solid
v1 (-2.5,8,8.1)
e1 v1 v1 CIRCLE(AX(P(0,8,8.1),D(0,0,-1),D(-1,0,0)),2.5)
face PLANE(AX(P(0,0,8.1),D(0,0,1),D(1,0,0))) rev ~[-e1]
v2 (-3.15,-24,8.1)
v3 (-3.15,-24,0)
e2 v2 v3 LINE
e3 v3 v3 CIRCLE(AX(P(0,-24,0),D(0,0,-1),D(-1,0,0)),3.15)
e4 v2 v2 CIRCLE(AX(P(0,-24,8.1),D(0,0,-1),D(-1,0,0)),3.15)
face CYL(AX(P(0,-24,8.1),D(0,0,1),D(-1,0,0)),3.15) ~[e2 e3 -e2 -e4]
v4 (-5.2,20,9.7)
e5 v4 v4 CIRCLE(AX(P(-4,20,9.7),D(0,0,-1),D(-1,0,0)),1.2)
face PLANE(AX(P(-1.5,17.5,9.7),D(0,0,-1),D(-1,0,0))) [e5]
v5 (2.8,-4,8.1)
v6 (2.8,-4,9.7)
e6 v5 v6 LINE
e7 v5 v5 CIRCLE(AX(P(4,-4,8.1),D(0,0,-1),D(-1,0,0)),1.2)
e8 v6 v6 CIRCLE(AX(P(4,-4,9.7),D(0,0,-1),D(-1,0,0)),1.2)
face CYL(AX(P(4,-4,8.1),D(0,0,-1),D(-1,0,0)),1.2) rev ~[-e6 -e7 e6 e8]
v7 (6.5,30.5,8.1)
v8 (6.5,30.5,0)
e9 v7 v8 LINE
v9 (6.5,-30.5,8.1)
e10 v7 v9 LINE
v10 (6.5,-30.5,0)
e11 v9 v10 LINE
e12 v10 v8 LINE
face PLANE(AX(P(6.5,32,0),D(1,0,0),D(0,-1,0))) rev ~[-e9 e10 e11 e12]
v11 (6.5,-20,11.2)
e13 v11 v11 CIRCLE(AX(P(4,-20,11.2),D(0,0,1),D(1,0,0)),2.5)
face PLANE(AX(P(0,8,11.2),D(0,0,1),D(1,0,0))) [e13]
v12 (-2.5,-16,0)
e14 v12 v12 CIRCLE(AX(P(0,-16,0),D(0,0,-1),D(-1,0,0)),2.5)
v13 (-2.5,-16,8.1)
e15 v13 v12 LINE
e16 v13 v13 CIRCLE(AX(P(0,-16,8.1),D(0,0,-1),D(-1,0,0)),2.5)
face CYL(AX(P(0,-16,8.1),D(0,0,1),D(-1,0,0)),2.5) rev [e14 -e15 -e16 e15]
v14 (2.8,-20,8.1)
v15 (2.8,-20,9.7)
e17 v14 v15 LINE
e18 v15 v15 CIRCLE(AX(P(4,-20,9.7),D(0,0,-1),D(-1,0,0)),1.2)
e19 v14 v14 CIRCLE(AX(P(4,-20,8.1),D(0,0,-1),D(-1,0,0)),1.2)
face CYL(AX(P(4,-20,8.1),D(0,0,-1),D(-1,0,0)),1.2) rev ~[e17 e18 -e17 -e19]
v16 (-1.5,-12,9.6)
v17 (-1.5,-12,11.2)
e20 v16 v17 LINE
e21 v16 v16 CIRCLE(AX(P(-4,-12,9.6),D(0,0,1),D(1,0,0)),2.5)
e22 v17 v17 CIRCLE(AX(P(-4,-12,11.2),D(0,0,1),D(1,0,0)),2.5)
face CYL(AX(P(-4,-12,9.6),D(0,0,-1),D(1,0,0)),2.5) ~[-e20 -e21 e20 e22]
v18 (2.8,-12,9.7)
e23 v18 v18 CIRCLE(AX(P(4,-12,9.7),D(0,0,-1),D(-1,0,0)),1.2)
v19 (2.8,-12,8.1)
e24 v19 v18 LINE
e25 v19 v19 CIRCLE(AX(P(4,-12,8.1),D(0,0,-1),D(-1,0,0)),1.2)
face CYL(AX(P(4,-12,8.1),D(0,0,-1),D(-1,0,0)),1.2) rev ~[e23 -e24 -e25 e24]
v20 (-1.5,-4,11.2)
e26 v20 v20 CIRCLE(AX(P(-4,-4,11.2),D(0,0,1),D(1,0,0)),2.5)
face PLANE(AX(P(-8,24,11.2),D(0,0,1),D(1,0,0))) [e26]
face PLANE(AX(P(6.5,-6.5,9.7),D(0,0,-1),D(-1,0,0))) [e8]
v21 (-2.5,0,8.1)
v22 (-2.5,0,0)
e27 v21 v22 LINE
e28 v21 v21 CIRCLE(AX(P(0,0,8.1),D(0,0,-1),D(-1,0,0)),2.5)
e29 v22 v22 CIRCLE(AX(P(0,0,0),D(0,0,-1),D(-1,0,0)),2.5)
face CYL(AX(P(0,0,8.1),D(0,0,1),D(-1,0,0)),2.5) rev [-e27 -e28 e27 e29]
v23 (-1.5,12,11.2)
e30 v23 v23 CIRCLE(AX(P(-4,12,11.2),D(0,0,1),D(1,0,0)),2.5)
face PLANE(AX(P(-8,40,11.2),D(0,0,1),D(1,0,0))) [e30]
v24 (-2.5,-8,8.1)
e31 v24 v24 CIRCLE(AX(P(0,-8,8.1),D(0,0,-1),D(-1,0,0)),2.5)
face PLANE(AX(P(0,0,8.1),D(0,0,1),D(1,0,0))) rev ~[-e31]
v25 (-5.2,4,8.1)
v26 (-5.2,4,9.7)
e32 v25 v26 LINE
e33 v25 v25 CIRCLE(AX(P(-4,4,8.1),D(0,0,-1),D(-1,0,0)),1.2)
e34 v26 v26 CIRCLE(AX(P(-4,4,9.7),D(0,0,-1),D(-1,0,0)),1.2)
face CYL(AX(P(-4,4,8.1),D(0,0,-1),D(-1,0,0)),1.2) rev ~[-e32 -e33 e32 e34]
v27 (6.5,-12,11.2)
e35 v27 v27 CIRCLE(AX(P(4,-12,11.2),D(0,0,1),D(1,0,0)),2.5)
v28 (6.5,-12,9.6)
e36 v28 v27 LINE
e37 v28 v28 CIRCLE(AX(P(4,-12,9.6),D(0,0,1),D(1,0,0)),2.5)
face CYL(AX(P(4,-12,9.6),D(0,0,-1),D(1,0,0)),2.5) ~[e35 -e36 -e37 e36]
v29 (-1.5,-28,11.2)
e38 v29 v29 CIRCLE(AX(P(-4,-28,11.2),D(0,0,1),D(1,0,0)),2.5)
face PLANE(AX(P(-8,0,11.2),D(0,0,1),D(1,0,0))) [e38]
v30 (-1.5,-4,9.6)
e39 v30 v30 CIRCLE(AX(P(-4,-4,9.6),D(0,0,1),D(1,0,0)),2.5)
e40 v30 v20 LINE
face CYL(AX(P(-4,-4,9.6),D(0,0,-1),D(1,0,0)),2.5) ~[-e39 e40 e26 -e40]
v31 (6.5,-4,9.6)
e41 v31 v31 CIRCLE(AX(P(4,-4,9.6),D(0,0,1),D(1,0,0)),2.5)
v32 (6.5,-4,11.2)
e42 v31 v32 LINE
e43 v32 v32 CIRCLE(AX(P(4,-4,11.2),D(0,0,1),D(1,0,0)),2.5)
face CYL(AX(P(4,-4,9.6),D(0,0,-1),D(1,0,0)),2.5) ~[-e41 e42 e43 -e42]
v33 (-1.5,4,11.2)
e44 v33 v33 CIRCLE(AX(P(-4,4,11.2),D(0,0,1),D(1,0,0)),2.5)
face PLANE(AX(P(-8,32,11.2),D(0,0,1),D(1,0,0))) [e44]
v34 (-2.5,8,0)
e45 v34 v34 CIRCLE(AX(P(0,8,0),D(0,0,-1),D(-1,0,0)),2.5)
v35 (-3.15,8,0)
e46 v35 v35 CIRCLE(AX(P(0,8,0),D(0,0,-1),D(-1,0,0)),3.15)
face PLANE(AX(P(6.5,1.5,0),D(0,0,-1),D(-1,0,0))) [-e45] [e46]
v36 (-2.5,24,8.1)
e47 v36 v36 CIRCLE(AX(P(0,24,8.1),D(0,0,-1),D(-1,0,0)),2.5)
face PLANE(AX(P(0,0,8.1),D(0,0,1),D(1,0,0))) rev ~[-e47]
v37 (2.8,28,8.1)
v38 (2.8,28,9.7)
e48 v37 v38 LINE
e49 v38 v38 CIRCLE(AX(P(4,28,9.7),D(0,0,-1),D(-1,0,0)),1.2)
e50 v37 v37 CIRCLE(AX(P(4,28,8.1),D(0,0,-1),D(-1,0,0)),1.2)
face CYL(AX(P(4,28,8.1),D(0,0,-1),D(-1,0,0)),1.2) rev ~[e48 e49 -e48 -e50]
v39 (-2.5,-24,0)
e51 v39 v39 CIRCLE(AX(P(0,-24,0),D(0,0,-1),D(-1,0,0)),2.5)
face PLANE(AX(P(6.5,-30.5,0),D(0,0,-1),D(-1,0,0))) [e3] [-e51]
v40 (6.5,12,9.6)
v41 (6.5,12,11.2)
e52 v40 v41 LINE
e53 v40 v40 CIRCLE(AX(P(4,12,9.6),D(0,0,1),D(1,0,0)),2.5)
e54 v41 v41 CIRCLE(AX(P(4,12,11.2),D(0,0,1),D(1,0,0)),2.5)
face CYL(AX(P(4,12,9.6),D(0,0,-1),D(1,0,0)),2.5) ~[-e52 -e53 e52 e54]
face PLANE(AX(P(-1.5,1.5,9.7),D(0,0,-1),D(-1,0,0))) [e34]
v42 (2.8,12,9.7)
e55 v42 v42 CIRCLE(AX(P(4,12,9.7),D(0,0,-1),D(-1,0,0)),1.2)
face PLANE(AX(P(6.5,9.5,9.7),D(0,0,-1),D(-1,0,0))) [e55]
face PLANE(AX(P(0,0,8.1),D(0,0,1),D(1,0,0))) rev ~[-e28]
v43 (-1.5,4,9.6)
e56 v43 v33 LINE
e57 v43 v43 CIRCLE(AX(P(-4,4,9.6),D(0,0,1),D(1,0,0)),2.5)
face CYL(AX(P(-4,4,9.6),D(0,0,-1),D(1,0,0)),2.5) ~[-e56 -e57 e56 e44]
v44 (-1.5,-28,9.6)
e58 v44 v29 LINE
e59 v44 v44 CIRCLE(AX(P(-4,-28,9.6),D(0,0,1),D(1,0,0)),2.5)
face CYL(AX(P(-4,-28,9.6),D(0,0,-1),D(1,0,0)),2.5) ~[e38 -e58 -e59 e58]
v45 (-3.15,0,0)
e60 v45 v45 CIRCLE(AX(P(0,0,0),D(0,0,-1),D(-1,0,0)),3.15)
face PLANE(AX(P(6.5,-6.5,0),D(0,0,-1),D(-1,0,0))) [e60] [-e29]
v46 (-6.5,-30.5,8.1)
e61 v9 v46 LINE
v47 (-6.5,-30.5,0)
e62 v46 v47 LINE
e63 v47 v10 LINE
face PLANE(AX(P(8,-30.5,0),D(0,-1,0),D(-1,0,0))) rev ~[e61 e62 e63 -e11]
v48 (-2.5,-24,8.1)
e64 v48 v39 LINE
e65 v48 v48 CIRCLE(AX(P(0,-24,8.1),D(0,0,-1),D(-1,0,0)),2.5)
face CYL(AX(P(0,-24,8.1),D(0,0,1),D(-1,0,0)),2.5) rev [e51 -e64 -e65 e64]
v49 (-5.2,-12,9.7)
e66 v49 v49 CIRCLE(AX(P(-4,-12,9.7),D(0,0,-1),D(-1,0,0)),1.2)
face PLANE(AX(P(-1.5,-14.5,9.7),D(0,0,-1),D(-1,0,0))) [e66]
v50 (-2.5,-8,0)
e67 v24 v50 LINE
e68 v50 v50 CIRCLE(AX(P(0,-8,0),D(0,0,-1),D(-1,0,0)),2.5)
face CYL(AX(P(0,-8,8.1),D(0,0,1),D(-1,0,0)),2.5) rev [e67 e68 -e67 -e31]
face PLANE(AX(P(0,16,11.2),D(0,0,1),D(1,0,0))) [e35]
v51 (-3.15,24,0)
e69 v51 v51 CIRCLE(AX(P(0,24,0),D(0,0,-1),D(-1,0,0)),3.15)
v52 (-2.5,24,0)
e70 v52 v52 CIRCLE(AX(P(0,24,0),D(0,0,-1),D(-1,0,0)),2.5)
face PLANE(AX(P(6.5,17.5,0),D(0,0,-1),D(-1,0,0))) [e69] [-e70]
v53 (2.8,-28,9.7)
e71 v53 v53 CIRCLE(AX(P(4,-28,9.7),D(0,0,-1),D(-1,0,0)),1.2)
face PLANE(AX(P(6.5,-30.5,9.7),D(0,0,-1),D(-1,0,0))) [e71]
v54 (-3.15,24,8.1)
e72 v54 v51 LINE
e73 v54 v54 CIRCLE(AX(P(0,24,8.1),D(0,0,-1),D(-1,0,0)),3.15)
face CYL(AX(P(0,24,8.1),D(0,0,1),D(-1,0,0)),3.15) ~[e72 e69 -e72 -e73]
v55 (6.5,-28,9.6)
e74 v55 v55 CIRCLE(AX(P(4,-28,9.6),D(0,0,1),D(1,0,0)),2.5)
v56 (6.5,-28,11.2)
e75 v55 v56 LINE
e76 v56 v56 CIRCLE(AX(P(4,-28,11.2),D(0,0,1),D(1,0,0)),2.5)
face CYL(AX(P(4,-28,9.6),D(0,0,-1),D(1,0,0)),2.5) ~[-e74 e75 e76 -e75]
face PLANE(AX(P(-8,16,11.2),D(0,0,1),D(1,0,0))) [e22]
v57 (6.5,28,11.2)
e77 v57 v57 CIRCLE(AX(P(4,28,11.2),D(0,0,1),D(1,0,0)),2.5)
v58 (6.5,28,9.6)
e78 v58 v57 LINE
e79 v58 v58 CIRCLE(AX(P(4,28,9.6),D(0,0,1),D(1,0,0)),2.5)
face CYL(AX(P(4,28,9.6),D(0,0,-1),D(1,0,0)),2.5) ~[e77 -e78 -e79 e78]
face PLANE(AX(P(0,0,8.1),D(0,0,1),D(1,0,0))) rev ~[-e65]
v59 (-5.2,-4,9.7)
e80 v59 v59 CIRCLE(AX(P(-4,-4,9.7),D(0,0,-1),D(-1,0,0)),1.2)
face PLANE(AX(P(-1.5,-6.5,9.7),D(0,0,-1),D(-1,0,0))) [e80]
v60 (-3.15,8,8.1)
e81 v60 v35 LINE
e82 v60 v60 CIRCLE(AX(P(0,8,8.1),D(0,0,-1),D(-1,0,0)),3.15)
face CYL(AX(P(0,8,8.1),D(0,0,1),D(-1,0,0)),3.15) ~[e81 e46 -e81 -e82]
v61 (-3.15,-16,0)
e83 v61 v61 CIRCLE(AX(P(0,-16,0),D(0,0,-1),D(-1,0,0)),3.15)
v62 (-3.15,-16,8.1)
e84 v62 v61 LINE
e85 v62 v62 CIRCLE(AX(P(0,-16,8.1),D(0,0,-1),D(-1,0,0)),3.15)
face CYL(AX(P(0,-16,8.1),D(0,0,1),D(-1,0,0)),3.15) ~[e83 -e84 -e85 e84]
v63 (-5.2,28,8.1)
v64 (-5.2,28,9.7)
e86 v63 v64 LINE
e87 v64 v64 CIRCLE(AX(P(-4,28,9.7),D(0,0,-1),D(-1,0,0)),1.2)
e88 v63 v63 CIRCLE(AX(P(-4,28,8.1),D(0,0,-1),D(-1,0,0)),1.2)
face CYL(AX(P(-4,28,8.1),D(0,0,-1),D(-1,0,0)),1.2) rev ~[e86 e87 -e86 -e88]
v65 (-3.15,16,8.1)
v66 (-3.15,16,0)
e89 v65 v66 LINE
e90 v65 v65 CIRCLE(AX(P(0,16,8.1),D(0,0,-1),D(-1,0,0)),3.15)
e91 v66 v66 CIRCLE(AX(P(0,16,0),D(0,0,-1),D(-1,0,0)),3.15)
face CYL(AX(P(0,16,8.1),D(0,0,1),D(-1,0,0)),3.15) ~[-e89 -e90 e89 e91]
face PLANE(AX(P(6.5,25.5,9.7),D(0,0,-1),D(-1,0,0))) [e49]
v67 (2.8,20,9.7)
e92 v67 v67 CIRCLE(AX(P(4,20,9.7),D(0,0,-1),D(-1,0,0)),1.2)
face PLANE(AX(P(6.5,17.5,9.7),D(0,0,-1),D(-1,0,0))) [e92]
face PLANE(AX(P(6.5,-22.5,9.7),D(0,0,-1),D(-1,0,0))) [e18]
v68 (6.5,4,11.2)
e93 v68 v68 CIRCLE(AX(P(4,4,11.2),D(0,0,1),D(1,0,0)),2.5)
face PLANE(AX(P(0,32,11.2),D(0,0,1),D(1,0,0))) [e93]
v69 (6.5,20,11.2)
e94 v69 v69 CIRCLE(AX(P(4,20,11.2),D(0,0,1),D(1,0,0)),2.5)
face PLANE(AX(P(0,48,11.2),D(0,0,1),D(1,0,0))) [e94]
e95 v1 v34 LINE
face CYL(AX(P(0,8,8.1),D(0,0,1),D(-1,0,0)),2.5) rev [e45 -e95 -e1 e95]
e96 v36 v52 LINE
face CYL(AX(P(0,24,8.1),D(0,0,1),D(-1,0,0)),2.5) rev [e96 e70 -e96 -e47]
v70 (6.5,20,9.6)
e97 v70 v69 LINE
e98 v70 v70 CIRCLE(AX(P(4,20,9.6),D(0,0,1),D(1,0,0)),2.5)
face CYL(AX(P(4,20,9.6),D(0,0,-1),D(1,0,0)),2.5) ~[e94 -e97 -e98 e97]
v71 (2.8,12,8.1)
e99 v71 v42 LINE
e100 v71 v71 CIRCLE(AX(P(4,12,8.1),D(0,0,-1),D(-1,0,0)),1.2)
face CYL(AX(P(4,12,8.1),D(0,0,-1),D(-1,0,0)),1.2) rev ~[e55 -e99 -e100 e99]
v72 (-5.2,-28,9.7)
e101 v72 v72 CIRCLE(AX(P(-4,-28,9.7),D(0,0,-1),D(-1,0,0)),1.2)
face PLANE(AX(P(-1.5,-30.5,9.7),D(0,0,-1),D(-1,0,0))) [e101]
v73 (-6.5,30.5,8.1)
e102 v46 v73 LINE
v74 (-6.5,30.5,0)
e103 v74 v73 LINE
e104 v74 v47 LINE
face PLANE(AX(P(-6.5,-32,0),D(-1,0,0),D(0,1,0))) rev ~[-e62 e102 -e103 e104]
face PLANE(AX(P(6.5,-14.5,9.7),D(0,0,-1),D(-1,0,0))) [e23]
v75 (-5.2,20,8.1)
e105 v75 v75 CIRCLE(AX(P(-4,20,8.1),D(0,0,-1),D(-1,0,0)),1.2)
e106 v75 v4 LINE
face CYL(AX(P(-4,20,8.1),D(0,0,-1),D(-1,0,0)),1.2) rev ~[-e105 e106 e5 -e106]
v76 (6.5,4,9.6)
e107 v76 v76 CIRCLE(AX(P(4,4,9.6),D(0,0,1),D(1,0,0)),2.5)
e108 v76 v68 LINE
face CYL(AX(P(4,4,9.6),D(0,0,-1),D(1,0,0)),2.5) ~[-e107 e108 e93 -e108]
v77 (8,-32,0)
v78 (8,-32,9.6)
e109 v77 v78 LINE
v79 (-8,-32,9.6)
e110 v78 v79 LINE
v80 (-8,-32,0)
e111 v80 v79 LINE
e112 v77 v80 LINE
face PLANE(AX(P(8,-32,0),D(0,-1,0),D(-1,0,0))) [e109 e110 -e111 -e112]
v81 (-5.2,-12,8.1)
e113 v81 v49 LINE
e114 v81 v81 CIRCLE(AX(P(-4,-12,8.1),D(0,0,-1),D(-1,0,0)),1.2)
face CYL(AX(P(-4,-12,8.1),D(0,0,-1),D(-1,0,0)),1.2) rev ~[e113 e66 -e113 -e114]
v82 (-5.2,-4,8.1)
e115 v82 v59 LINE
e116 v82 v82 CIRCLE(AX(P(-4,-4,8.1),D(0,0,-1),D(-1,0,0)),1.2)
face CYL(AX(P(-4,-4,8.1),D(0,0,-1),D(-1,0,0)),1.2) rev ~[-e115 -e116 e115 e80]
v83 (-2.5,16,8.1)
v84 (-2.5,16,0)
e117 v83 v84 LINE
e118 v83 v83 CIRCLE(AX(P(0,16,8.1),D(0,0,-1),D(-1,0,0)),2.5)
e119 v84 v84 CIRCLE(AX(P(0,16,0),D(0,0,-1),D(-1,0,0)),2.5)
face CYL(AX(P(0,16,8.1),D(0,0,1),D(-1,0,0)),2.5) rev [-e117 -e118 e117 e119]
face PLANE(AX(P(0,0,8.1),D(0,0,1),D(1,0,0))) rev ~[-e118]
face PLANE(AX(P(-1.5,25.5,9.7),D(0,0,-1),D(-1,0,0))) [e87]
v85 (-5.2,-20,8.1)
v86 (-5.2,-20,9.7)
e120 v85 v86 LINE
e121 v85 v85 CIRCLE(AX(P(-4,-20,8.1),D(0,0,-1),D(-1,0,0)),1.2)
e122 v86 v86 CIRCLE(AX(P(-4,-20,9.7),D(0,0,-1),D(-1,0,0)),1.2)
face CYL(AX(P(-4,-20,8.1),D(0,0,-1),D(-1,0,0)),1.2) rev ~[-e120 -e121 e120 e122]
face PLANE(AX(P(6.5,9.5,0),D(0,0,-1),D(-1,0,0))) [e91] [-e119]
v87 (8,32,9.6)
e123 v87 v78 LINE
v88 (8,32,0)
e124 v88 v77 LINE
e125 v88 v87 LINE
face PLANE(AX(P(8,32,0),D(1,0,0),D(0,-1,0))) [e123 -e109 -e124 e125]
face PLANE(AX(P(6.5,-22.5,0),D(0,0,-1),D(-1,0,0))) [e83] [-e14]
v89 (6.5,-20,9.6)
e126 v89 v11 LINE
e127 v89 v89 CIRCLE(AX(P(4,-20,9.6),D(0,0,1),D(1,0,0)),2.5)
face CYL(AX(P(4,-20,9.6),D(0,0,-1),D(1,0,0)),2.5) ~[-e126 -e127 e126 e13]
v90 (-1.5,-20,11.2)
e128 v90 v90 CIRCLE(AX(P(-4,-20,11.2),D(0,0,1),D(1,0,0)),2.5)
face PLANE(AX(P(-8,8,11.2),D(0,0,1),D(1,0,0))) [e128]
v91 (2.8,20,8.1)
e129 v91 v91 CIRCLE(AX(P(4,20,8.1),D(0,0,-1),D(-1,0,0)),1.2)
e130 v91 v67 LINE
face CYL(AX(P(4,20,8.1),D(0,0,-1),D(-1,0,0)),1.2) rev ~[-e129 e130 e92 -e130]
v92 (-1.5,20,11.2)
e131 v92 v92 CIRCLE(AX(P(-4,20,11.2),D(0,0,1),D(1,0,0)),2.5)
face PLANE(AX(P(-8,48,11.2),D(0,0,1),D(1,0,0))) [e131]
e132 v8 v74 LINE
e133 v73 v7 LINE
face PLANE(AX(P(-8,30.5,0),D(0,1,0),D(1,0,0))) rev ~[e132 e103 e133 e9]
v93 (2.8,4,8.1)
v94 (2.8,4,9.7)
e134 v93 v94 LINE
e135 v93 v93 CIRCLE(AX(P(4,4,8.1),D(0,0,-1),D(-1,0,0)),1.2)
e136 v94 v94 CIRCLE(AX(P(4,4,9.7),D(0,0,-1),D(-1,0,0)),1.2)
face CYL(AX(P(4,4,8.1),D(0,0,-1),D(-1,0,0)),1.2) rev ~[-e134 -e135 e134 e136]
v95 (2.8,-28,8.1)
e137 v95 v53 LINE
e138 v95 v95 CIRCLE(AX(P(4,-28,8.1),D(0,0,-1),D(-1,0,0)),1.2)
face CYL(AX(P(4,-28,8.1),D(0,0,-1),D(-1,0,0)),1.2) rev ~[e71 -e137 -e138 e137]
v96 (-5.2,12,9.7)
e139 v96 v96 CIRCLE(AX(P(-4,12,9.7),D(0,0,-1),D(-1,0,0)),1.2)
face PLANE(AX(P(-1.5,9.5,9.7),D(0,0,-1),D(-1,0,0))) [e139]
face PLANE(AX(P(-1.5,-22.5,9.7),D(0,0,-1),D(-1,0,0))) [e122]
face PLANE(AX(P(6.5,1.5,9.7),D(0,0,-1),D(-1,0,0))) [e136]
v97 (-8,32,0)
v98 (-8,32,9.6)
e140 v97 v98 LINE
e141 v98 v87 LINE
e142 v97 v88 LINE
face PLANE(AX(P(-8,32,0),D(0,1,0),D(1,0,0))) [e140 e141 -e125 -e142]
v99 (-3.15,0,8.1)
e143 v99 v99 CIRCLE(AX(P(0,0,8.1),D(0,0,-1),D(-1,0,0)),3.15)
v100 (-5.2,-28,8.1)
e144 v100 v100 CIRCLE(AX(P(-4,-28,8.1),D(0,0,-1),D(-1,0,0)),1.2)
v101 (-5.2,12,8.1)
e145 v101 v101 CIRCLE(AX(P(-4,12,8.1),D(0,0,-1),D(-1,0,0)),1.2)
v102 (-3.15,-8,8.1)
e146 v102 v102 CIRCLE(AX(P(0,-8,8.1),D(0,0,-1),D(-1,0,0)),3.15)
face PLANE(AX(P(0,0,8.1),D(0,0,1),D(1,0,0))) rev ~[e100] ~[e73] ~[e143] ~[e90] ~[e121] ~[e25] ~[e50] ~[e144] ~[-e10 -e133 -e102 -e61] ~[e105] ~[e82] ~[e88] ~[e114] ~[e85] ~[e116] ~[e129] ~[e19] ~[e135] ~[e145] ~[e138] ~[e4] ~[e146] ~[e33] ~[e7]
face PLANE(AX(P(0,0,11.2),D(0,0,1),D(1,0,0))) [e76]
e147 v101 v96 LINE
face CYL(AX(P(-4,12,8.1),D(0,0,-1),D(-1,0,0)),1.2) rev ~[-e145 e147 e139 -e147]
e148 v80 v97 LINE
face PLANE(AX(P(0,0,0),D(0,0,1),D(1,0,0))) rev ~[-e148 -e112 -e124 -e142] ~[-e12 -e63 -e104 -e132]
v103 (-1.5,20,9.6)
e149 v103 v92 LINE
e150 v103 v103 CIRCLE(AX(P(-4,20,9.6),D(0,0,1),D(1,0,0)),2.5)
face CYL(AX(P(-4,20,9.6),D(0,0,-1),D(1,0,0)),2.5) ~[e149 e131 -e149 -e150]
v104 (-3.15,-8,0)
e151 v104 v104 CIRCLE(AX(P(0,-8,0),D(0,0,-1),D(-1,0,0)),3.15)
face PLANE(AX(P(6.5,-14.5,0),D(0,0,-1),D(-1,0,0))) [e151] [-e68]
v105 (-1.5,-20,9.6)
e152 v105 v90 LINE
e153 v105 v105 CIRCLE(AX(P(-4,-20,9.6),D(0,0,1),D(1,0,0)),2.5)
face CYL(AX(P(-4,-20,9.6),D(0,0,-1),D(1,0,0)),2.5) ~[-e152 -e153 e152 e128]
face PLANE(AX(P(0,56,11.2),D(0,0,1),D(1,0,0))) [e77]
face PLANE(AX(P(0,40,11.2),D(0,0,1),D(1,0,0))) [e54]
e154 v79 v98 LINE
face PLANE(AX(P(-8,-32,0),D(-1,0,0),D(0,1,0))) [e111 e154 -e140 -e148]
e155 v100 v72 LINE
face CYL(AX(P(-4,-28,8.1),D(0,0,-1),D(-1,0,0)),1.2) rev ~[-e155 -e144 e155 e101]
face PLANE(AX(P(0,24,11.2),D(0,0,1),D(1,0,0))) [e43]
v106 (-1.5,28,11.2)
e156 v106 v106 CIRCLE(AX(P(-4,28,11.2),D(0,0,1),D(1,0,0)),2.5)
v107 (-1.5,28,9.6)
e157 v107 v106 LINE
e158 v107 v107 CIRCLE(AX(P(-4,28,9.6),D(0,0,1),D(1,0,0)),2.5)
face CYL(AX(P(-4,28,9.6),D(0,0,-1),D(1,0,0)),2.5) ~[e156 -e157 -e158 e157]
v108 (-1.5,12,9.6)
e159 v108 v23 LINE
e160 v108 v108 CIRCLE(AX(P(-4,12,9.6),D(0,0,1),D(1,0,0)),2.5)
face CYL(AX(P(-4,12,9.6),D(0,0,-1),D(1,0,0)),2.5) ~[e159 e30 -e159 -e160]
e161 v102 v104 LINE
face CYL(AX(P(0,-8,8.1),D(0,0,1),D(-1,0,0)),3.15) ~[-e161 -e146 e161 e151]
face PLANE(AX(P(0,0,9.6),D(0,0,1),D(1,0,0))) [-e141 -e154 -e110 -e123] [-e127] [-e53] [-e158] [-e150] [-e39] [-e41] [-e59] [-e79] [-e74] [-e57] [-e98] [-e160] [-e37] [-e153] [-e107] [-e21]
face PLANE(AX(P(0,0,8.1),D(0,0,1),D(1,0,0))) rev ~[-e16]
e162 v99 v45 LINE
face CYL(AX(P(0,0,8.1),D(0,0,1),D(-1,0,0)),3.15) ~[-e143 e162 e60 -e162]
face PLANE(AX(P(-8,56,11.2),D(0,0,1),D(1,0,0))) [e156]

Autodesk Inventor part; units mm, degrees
ref_plane "YZ Plane" through (0, 0, 0) normal (1, 0, 0) x (0, 1, 0)
ref_plane "XZ Plane" through (0, 0, 0) normal (0, 1, 0) x (-1, 0, 0)
ref_plane "XY Plane" through (0, 0, 0) normal (0, 0, 1) x (1, 0, 0)
sketch "Sketch1" plane through (0, 0, 0) normal (0, 0, 1) x (1, 0, 0)
  line L0 (-8, 32) -> (8, 32)
  line L1 (8, 32) -> (8, -32)
  line L2 (8, -32) -> (-8, -32)
  line L3 (-8, -32) -> (-8, 32)
  point P0 (0, 0)
  dimension "d0" = 16
  dimension "d1" = 64
  dimension "d2" = 8
  dimension "d3" = 32
extrude "Extrusion1" add sketch "Sketch1" along normal blind 9.6
shell "Shell1" thickness 1.5 removed faces 1 at (-2.6667, 10.6667, 0)
sketch "Sketch2" plane through (0, 0, 9.6) normal (0, 0, 1) x (1, 0, 0)
  circle A0 centre (4, -28) radius 2.5
  line L0 (8, 32) -> (8, -32) projected
  line L1 (8, -32) -> (-8, -32) projected
  dimension "d7" = 5
  dimension "d10" = 4
  dimension "d11" = 4
extrude "Extrusion2" add sketch "Sketch2" along normal blind 1.6
sketch "Sketch3" plane through (6.5, -30.5, 8.1) normal (0, 0, -1) x (-1, 0, 0)
  circle A0 centre (2.5, 2.5) radius 2.5 projected
  circle A1 centre (2.5, 2.5) radius 1.2
  point P0 (6.5, 30.5)
  dimension "d18" = 2.4
extrude "Extrusion3" cut sketch "Sketch3" against normal blind 1.6 contours A1
pattern_linear "Rectangular Pattern1" count 8 spacing 8 along (0, 1, 0) count 2 spacing 8 along (-1, 0, 0) of "Extrusion2", "Extrusion3"
sketch "Sketch4" plane through (6.5, -30.5, 8.1) normal (0, 0, -1) x (-1, 0, 0)
  circle A0 centre (2.5, 10.5) radius 1.2 projected
  circle A1 centre (2.5, 2.5) radius 1.2 projected
  line L0 (0, 61) -> (0, 0) projected
  line L1 (0, 0) -> (13, 0) projected
  circle A2 centre (6.5, 6.5) radius 3.15
  circle A3 centre (6.5, 6.5) radius 2.5
  point P0 (6.5, 30.5)
  dimension "d21" = 6.5
  dimension "d22" = 6.5
  dimension "d23" = 10.5
  dimension "d24" = 2.5
  dimension "d25" = 5
  dimension "d26" = 6.3
extrude "Extrusion4" add sketch "Sketch4" along normal up to surface (8.1 mm away) contours A2
pattern_linear "Rectangular Pattern2" count 7 spacing 8 along (0, 1, 0) of "Extrusion4"
equation "\"d0\" = 8 * WIDTH"
equation "\"d1\" = 8 * LENGTH"
equation "\"d2\" = 0.5 * d0"
equation "\"d3\" = 0.5 * d1"
equation "\"d21\" = 0.5 * d23 + 0.5 * d24"
equation "\"d22\" = d21"
equation "\"WIDTH\" = 2"
equation "\"LENGTH\" = 8"
properties part number "3007" material "Steel"
